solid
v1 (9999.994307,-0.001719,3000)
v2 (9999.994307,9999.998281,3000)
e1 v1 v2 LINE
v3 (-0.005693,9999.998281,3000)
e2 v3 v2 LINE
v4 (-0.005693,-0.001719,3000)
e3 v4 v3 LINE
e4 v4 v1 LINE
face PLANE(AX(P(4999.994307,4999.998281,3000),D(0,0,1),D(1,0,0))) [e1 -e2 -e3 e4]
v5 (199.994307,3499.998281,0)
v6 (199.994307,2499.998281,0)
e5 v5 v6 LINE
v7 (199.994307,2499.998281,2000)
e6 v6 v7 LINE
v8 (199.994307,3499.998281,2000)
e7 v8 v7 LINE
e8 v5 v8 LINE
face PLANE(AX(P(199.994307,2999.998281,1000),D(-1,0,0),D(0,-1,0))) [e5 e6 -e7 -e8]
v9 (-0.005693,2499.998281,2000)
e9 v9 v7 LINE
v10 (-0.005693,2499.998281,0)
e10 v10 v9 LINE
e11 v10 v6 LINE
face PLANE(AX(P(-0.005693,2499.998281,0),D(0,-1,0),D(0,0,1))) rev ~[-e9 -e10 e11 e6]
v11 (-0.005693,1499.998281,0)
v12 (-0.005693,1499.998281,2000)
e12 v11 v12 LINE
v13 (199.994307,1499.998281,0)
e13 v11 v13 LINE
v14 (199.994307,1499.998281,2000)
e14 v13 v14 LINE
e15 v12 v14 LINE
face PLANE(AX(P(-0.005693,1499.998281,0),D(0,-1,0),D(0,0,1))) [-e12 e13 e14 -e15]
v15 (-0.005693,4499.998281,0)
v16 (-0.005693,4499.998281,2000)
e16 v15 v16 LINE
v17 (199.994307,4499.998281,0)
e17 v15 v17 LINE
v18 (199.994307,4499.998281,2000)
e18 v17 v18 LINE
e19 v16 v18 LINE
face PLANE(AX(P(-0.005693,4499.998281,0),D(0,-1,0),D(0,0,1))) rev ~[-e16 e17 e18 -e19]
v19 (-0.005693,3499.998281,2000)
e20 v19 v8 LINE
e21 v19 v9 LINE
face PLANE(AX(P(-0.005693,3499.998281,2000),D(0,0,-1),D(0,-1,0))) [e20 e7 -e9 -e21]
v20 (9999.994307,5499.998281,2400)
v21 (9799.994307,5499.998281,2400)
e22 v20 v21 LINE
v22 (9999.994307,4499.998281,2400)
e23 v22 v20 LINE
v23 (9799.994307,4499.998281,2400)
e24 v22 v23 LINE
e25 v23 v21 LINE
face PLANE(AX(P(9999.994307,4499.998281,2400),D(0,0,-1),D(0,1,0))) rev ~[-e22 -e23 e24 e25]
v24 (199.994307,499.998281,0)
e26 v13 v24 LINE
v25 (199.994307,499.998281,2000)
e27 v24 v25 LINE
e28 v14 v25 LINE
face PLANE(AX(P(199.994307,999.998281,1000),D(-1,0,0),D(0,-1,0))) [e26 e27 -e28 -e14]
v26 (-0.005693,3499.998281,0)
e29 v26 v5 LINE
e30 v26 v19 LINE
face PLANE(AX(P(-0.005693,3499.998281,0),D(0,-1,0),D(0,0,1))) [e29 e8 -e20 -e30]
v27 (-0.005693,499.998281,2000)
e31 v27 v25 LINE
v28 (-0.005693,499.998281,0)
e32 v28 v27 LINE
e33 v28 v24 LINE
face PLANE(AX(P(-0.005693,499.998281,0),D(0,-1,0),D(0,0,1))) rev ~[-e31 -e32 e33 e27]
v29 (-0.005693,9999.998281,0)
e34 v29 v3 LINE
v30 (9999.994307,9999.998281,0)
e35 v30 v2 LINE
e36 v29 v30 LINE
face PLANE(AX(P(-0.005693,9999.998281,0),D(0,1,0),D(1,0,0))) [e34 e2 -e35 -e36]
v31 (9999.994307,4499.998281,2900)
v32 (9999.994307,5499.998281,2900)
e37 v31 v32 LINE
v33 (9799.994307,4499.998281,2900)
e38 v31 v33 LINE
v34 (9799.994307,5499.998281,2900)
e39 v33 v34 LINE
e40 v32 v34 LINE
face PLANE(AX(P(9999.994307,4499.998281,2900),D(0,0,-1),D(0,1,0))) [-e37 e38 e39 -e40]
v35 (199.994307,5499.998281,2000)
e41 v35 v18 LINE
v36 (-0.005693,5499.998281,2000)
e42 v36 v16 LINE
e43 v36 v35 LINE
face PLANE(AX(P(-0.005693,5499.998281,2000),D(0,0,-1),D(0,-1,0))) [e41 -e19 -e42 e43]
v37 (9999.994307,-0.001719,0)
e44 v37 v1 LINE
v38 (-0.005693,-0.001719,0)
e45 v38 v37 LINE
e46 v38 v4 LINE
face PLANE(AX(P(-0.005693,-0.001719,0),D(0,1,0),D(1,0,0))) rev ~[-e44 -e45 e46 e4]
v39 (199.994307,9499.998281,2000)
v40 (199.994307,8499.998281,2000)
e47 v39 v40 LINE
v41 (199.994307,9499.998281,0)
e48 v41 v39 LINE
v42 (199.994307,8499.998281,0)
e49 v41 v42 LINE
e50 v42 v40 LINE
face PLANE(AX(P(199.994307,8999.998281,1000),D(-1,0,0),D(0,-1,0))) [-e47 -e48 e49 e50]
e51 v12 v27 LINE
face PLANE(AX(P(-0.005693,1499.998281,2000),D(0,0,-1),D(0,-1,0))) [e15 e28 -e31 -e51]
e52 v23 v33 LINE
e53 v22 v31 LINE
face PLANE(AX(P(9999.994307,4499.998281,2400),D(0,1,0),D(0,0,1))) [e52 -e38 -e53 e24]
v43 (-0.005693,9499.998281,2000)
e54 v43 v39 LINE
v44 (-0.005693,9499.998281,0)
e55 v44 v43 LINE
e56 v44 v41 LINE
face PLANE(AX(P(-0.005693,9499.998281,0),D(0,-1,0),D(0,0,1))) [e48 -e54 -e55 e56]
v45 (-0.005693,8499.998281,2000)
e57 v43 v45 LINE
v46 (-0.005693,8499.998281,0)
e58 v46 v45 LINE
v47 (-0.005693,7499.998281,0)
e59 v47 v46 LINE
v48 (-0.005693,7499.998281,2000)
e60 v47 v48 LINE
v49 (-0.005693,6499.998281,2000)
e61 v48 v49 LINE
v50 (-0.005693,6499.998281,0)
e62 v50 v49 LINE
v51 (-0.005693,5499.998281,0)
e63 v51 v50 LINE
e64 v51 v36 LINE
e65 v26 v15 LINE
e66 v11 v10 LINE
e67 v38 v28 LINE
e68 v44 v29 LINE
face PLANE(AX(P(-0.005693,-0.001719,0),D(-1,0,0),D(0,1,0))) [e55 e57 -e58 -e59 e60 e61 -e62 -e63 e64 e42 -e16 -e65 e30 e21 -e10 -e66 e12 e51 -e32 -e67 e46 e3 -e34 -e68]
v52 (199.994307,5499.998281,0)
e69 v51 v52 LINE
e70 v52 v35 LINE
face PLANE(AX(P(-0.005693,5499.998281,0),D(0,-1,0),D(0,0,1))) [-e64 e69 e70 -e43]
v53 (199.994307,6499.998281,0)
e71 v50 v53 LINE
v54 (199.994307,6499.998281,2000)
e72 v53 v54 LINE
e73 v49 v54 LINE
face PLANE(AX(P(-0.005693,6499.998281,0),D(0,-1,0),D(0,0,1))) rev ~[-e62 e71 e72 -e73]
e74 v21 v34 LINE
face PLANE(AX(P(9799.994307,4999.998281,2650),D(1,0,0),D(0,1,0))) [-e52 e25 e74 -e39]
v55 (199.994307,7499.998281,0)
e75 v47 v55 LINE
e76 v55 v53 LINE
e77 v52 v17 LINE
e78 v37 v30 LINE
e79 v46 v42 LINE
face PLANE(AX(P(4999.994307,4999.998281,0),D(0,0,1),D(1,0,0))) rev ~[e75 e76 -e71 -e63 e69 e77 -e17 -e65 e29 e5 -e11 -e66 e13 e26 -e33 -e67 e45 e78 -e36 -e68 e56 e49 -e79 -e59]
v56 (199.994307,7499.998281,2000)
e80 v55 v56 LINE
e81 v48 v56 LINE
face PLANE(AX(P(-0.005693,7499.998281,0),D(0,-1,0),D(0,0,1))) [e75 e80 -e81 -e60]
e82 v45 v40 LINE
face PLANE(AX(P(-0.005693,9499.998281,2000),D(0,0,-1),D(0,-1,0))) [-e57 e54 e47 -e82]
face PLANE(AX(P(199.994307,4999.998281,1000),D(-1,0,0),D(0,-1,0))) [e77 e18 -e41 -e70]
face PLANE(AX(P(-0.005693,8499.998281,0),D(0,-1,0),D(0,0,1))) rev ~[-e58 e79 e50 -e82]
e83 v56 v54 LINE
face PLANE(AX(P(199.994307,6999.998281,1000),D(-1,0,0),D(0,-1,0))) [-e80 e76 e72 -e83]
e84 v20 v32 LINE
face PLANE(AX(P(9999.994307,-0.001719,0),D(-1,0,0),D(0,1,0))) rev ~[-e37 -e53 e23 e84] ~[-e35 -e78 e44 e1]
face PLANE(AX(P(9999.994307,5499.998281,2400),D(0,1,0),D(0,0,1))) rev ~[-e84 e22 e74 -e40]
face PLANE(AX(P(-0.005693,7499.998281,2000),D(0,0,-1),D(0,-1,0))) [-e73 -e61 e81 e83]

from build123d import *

# Parameters (mm, degrees)
F0_W     = 10000
F0_H     = 10000
F1_DEPTH = 3000
F2_W     = 1000
F2_H     = 2000
F3_DEPTH = 200
F4_W     = 1000
F4_H     = 500
F5_DEPTH = 200


with BuildPart() as f1:
    # F0 (on Top) → F1 (new body)
    with BuildSketch(Plane.XY):
        with Locations((4999.994307, 4999.998281)):
            Rectangle(F0_W, F0_H)
    extrude(amount=F1_DEPTH)

    # F2 (on face) → F3 (cut)
    with BuildSketch(Plane(origin=(-0.005693, 0, 0), x_dir=(0, -1, 0), z_dir=(-1, 0, 0))):
        with Locations((-8999.998281, 1000)):
            Rectangle(F2_W, F2_H)
        with Locations((-6999.998281, 1000)):
            Rectangle(F2_W, F2_H)
        with Locations((-4999.998281, 1000)):
            Rectangle(F2_W, F2_H)
        with Locations((-2999.998281, 1000)):
            Rectangle(F2_W, F2_H)
        with Locations((-999.998281, 1000)):
            Rectangle(F2_W, F2_H)
    extrude(amount=-F3_DEPTH, mode=Mode.SUBTRACT)

    # F4 (on face) → F5 (cut)
    with BuildSketch(Plane.YZ.offset(9999.994307)):
        with Locations((4999.998281, 2650)):
            Rectangle(F4_W, F4_H)
    extrude(amount=-F5_DEPTH, mode=Mode.SUBTRACT)


solid = f1.part
